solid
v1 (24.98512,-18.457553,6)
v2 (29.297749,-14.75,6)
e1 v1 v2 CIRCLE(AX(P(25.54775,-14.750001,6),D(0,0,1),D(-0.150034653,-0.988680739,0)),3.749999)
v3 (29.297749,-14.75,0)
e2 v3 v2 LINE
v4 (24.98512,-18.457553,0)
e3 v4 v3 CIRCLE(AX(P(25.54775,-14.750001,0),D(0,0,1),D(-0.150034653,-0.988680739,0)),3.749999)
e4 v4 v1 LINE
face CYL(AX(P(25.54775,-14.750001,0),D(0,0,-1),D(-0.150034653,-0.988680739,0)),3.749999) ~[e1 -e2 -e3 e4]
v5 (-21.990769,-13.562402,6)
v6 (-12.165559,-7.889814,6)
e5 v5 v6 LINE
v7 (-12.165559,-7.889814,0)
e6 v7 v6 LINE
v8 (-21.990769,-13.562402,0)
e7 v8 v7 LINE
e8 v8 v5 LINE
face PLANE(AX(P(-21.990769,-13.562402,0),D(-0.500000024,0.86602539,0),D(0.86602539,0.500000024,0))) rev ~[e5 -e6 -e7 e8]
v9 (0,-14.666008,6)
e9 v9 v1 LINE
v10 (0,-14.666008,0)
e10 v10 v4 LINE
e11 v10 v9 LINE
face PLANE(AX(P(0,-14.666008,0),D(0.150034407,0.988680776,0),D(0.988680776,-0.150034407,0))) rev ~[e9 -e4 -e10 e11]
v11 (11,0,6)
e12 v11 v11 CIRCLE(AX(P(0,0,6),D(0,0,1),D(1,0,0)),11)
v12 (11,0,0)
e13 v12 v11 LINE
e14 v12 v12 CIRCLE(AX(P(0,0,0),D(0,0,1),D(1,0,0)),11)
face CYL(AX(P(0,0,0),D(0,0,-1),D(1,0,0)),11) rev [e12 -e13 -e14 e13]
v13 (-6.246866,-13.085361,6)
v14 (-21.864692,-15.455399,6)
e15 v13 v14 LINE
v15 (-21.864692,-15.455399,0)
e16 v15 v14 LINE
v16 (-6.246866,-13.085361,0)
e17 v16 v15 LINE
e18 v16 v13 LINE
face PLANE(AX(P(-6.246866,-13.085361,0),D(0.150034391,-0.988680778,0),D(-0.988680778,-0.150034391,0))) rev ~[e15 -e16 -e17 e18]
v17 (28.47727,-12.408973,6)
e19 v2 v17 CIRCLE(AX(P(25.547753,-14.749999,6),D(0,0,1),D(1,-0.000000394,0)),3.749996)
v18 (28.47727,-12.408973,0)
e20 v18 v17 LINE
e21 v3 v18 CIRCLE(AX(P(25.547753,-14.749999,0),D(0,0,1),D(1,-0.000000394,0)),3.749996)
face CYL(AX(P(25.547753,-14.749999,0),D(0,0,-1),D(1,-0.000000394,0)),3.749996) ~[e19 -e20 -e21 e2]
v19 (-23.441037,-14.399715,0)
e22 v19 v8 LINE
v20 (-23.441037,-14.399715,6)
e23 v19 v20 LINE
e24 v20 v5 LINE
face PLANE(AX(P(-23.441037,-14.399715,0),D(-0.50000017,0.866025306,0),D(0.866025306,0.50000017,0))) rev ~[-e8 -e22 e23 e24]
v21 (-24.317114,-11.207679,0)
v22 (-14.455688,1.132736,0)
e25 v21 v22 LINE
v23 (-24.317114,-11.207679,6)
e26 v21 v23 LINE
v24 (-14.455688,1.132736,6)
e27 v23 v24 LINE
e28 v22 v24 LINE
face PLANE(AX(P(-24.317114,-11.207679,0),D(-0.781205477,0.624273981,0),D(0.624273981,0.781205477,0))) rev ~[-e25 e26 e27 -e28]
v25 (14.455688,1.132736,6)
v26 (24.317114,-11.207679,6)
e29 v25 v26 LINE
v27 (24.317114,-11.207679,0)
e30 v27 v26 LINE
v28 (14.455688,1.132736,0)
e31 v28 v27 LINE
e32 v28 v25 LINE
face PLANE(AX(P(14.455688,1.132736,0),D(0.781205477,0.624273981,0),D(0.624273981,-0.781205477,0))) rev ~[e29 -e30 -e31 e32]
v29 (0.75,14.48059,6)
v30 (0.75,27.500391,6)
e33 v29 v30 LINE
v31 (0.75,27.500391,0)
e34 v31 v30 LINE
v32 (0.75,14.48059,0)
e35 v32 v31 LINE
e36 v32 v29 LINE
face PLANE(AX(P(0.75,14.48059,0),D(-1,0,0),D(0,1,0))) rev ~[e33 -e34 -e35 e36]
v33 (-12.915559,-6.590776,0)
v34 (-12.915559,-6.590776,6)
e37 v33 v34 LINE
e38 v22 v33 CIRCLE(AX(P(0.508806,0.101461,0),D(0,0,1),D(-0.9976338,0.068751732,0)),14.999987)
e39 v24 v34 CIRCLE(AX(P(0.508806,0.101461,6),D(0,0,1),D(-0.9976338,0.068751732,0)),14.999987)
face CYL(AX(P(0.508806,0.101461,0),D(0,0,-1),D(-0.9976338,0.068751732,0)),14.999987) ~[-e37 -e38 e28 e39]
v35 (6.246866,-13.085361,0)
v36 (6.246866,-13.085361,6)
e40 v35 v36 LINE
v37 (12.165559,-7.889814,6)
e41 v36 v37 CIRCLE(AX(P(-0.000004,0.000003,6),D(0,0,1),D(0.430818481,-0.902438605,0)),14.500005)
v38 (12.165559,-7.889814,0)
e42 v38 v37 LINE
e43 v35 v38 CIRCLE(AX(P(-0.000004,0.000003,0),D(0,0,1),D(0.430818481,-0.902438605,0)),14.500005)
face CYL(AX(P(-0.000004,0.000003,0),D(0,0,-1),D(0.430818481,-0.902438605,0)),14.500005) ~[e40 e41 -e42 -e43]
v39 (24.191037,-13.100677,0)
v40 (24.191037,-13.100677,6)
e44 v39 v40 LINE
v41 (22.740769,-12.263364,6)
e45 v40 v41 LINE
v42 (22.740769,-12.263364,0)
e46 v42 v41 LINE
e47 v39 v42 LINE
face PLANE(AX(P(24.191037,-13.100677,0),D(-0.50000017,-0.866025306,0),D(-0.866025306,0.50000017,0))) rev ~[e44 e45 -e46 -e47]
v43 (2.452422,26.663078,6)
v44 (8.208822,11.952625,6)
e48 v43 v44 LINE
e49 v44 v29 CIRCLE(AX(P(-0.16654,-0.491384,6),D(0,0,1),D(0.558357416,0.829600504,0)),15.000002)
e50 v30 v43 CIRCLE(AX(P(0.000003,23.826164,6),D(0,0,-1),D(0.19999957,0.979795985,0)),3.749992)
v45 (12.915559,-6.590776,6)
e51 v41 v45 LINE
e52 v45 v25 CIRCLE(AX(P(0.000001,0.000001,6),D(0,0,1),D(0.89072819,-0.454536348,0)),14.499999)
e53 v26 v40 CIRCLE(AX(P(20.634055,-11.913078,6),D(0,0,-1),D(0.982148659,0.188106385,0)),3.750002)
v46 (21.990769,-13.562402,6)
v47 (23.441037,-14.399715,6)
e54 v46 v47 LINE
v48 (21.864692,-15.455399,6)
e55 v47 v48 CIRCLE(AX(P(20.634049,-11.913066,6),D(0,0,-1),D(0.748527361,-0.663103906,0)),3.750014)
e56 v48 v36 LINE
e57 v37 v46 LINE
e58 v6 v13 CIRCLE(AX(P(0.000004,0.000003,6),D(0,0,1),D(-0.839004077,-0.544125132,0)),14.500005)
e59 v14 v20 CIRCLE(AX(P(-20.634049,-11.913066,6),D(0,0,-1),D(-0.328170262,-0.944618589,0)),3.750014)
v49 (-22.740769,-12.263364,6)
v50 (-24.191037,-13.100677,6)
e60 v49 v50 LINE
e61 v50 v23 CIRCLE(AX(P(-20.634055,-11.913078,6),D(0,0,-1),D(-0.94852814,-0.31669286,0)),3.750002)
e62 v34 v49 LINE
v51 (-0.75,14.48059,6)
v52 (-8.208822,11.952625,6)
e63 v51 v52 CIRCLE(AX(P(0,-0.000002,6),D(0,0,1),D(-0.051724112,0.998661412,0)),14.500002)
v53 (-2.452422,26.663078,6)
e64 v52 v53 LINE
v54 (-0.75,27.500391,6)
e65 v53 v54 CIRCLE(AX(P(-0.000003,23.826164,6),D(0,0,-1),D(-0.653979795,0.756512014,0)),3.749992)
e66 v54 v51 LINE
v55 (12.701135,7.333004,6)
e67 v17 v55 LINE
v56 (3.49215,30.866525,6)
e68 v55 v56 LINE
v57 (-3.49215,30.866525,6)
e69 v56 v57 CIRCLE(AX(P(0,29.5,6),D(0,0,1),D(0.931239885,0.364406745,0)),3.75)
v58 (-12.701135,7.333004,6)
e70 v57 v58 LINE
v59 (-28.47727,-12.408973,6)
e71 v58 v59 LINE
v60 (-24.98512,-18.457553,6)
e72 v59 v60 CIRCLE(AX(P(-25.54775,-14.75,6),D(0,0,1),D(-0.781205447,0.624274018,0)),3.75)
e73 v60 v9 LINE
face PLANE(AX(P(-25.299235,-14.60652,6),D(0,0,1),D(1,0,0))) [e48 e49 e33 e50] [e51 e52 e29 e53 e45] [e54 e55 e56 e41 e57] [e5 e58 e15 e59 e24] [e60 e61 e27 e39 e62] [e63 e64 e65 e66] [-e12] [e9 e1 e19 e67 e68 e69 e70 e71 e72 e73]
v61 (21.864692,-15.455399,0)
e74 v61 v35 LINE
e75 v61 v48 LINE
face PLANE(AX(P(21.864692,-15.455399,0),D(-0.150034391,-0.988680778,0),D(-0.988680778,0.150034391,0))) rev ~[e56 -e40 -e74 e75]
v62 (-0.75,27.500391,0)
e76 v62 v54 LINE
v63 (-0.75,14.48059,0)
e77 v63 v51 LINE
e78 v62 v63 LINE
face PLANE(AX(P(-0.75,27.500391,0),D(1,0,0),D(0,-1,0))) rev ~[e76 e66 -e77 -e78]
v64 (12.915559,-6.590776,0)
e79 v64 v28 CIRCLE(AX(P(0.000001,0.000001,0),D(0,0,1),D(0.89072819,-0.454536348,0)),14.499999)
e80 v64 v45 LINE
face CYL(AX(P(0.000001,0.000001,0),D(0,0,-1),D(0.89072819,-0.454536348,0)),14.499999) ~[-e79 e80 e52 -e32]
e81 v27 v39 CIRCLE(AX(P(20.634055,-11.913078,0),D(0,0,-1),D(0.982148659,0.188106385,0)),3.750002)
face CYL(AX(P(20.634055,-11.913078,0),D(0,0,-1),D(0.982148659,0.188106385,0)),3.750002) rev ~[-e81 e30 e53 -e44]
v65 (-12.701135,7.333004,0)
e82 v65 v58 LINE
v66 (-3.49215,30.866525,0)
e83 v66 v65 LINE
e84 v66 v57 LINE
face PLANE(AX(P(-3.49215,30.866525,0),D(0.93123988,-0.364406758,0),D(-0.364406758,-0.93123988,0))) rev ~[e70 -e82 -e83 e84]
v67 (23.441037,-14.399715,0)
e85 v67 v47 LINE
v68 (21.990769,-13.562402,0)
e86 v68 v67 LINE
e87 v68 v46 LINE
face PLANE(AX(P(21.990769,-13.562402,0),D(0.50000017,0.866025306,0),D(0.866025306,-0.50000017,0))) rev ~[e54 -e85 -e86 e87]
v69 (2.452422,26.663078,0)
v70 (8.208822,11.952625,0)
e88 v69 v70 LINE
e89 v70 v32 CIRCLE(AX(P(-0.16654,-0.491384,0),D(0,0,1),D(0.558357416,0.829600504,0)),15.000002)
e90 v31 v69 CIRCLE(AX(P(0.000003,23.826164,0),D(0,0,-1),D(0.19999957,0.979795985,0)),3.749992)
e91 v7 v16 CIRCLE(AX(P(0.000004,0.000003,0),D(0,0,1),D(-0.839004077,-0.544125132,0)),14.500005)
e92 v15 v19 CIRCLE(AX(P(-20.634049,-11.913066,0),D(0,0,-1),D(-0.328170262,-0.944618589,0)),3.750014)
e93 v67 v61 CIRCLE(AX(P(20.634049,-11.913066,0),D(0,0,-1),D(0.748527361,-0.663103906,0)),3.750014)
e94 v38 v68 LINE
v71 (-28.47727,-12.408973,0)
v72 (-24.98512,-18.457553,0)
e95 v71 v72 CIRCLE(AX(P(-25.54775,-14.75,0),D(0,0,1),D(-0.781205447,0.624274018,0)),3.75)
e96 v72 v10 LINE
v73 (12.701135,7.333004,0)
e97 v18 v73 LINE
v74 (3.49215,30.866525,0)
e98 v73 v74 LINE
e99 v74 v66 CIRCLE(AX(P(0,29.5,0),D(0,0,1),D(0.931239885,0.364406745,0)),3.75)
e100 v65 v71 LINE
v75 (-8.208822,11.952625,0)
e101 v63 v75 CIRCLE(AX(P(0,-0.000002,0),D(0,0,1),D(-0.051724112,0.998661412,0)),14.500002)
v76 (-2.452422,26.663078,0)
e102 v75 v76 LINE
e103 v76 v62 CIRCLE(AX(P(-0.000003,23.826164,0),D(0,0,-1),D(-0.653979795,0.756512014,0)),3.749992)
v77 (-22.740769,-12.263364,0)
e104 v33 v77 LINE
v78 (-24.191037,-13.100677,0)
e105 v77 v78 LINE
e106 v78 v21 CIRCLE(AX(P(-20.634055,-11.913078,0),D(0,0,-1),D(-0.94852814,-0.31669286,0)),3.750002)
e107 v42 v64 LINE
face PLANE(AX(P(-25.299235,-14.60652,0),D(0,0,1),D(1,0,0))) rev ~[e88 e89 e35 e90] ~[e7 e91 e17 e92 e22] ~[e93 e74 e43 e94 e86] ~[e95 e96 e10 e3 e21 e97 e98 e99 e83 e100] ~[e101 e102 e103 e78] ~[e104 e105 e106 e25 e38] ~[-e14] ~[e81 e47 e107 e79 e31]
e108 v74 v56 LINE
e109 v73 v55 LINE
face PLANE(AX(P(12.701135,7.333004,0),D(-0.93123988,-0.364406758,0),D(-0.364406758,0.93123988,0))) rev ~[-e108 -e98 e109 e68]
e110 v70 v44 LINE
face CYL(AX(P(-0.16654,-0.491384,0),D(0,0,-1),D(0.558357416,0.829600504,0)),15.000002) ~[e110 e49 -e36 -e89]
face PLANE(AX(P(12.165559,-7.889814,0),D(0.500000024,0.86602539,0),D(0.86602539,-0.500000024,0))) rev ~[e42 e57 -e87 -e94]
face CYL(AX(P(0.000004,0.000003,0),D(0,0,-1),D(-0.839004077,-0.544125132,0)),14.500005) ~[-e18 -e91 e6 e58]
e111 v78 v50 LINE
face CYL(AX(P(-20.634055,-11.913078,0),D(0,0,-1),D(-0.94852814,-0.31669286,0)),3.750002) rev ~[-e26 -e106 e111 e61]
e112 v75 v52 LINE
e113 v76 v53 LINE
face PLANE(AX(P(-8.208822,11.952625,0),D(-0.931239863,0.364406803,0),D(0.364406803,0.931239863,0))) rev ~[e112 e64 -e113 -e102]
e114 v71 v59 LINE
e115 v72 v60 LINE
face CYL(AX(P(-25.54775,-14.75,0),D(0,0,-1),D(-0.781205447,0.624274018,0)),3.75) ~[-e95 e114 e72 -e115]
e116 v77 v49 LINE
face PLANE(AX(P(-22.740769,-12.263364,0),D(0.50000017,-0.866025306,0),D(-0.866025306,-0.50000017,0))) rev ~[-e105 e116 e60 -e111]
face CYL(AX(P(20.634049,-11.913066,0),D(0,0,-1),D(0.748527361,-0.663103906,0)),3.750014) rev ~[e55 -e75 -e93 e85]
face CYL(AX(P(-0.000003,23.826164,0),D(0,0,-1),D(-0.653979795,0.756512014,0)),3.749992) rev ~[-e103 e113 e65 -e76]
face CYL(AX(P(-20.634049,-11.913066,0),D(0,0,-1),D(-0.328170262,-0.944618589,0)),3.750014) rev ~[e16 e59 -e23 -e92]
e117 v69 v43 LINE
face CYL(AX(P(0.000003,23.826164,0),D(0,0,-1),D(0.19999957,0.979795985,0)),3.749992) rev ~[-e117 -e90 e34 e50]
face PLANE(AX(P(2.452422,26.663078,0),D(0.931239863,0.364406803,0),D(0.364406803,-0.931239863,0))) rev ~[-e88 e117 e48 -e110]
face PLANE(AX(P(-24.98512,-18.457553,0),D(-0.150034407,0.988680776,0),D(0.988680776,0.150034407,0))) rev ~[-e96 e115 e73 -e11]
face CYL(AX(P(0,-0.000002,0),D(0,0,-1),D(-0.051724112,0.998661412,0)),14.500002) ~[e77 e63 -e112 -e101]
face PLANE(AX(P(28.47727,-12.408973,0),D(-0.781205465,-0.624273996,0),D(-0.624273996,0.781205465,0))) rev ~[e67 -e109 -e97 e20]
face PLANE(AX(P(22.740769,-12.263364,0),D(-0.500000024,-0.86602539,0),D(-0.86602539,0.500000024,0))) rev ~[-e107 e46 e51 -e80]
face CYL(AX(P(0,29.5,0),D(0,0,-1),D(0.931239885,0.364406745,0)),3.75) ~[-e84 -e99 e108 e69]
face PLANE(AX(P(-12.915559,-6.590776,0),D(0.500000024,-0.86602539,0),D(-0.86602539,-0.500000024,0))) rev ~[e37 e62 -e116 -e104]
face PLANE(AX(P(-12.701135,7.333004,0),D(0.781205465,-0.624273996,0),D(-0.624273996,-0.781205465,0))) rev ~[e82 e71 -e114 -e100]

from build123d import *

# Parameters (mm, degrees)
F0_R     = 11
F1_DEPTH = 6


with BuildPart() as f1:
    # F0 (on Top) → F1 (new body)
    with BuildSketch(Plane.XY):
        with BuildLine():
            Line((-23.441037, -14.399715), (-21.990769, -13.562402))
            ThreePointArc((-21.990769, -13.562402), (-22.300154, -12.875), (-22.740769, -12.263364))
            Line((-22.740769, -12.263364), (-24.191037, -13.100677))
            ThreePointArc((-24.191037, -13.100677), (-24.375767, -12.162283), (-24.317114, -11.207679))
            ThreePointArc((-24.317114, -11.207679), (-26.5881, -11.1472), (-28.47727, -12.408973))
            ThreePointArc((-28.47727, -12.408973), (-28.795345, -16.625), (-24.98512, -18.457553))
            ThreePointArc((-24.98512, -18.457553), (-22.947808, -17.45237), (-21.864692, -15.455399))
            ThreePointArc((-21.864692, -15.455399), (-22.720729, -15.028892), (-23.441037, -14.399715))
        make_face()
        with BuildLine():
            Line((-21.990769, -13.562402), (-12.165559, -7.889814))
            ThreePointArc((-12.165559, -7.889814), (-9.565708, -10.89712), (-6.246866, -13.085361))
            Line((-6.246866, -13.085361), (-21.864692, -15.455399))
            ThreePointArc((-21.864692, -15.455399), (-22.947808, -17.45237), (-24.98512, -18.457553))
            Line((-24.98512, -18.457553), (0, -14.666008))
            Line((0, -14.666008), (24.98512, -18.457553))
            ThreePointArc((24.98512, -18.457553), (22.947808, -17.45237), (21.864692, -15.455399))
            Line((21.864692, -15.455399), (6.246866, -13.085361))
            ThreePointArc((6.246866, -13.085361), (9.565708, -10.89712), (12.165559, -7.889814))
            Line((12.165559, -7.889814), (21.990769, -13.562402))
            ThreePointArc((21.990769, -13.562402), (22.300154, -12.875), (22.740769, -12.263364))
            Line((22.740769, -12.263364), (12.915559, -6.590776))
            ThreePointArc((12.915559, -6.590776), (14.220037, -2.835586), (14.455688, 1.132736))
            Line((14.455688, 1.132736), (24.317114, -11.207679))
            ThreePointArc((24.317114, -11.207679), (26.5881, -11.1472), (28.47727, -12.408973))
            Line((28.47727, -12.408973), (12.701135, 7.333004))
            Line((12.701135, 7.333004), (3.49215, 30.866525))
            ThreePointArc((3.49215, 30.866525), (0, 33.25), (-3.49215, 30.866525))
            Line((-3.49215, 30.866525), (-12.701135, 7.333004))
            Line((-12.701135, 7.333004), (-28.47727, -12.408973))
            ThreePointArc((-28.47727, -12.408973), (-26.5881, -11.1472), (-24.317114, -11.207679))
            Line((-24.317114, -11.207679), (-14.455688, 1.132736))
            ThreePointArc((-14.455688, 1.132736), (-14.201564, -2.831903), (-12.915559, -6.590776))
            Line((-12.915559, -6.590776), (-22.740769, -12.263364))
            ThreePointArc((-22.740769, -12.263364), (-22.300154, -12.875), (-21.990769, -13.562402))
        make_face()
        Circle(F0_R, mode=Mode.SUBTRACT)
        with BuildLine():
            Line((-8.208822, 11.952625), (-2.452422, 26.663078))
            ThreePointArc((-2.452422, 26.663078), (-1.655038, 27.191175), (-0.75, 27.500391))
            Line((-0.75, 27.500391), (-0.75, 14.48059))
            ThreePointArc((-0.75, 14.48059), (-4.654329, 13.732706), (-8.208822, 11.952625))
        make_face(mode=Mode.SUBTRACT)
        with BuildLine():
            ThreePointArc((0.75, 27.500391), (1.655038, 27.191175), (2.452422, 26.663078))
            Line((2.452422, 26.663078), (8.208822, 11.952625))
            ThreePointArc((8.208822, 11.952625), (4.648282, 13.714866), (0.75, 14.48059))
            Line((0.75, 14.48059), (0.75, 27.500391))
        make_face(mode=Mode.SUBTRACT)
        with BuildLine():
            ThreePointArc((21.864692, -15.455399), (22.947808, -17.45237), (24.98512, -18.457553))
            ThreePointArc((24.98512, -18.457553), (27.992401, -17.593621), (29.297749, -14.75))
            ThreePointArc((29.297749, -14.75), (29.08669, -13.509678), (28.47727, -12.408973))
            ThreePointArc((28.47727, -12.408973), (26.5881, -11.1472), (24.317114, -11.207679))
            ThreePointArc((24.317114, -11.207679), (24.375767, -12.162283), (24.191037, -13.100677))
            Line((24.191037, -13.100677), (22.740769, -12.263364))
            ThreePointArc((22.740769, -12.263364), (22.300154, -12.875), (21.990769, -13.562402))
            Line((21.990769, -13.562402), (23.441037, -14.399715))
            ThreePointArc((23.441037, -14.399715), (22.720729, -15.028892), (21.864692, -15.455399))
        make_face()
    extrude(amount=F1_DEPTH)


solid = f1.part
